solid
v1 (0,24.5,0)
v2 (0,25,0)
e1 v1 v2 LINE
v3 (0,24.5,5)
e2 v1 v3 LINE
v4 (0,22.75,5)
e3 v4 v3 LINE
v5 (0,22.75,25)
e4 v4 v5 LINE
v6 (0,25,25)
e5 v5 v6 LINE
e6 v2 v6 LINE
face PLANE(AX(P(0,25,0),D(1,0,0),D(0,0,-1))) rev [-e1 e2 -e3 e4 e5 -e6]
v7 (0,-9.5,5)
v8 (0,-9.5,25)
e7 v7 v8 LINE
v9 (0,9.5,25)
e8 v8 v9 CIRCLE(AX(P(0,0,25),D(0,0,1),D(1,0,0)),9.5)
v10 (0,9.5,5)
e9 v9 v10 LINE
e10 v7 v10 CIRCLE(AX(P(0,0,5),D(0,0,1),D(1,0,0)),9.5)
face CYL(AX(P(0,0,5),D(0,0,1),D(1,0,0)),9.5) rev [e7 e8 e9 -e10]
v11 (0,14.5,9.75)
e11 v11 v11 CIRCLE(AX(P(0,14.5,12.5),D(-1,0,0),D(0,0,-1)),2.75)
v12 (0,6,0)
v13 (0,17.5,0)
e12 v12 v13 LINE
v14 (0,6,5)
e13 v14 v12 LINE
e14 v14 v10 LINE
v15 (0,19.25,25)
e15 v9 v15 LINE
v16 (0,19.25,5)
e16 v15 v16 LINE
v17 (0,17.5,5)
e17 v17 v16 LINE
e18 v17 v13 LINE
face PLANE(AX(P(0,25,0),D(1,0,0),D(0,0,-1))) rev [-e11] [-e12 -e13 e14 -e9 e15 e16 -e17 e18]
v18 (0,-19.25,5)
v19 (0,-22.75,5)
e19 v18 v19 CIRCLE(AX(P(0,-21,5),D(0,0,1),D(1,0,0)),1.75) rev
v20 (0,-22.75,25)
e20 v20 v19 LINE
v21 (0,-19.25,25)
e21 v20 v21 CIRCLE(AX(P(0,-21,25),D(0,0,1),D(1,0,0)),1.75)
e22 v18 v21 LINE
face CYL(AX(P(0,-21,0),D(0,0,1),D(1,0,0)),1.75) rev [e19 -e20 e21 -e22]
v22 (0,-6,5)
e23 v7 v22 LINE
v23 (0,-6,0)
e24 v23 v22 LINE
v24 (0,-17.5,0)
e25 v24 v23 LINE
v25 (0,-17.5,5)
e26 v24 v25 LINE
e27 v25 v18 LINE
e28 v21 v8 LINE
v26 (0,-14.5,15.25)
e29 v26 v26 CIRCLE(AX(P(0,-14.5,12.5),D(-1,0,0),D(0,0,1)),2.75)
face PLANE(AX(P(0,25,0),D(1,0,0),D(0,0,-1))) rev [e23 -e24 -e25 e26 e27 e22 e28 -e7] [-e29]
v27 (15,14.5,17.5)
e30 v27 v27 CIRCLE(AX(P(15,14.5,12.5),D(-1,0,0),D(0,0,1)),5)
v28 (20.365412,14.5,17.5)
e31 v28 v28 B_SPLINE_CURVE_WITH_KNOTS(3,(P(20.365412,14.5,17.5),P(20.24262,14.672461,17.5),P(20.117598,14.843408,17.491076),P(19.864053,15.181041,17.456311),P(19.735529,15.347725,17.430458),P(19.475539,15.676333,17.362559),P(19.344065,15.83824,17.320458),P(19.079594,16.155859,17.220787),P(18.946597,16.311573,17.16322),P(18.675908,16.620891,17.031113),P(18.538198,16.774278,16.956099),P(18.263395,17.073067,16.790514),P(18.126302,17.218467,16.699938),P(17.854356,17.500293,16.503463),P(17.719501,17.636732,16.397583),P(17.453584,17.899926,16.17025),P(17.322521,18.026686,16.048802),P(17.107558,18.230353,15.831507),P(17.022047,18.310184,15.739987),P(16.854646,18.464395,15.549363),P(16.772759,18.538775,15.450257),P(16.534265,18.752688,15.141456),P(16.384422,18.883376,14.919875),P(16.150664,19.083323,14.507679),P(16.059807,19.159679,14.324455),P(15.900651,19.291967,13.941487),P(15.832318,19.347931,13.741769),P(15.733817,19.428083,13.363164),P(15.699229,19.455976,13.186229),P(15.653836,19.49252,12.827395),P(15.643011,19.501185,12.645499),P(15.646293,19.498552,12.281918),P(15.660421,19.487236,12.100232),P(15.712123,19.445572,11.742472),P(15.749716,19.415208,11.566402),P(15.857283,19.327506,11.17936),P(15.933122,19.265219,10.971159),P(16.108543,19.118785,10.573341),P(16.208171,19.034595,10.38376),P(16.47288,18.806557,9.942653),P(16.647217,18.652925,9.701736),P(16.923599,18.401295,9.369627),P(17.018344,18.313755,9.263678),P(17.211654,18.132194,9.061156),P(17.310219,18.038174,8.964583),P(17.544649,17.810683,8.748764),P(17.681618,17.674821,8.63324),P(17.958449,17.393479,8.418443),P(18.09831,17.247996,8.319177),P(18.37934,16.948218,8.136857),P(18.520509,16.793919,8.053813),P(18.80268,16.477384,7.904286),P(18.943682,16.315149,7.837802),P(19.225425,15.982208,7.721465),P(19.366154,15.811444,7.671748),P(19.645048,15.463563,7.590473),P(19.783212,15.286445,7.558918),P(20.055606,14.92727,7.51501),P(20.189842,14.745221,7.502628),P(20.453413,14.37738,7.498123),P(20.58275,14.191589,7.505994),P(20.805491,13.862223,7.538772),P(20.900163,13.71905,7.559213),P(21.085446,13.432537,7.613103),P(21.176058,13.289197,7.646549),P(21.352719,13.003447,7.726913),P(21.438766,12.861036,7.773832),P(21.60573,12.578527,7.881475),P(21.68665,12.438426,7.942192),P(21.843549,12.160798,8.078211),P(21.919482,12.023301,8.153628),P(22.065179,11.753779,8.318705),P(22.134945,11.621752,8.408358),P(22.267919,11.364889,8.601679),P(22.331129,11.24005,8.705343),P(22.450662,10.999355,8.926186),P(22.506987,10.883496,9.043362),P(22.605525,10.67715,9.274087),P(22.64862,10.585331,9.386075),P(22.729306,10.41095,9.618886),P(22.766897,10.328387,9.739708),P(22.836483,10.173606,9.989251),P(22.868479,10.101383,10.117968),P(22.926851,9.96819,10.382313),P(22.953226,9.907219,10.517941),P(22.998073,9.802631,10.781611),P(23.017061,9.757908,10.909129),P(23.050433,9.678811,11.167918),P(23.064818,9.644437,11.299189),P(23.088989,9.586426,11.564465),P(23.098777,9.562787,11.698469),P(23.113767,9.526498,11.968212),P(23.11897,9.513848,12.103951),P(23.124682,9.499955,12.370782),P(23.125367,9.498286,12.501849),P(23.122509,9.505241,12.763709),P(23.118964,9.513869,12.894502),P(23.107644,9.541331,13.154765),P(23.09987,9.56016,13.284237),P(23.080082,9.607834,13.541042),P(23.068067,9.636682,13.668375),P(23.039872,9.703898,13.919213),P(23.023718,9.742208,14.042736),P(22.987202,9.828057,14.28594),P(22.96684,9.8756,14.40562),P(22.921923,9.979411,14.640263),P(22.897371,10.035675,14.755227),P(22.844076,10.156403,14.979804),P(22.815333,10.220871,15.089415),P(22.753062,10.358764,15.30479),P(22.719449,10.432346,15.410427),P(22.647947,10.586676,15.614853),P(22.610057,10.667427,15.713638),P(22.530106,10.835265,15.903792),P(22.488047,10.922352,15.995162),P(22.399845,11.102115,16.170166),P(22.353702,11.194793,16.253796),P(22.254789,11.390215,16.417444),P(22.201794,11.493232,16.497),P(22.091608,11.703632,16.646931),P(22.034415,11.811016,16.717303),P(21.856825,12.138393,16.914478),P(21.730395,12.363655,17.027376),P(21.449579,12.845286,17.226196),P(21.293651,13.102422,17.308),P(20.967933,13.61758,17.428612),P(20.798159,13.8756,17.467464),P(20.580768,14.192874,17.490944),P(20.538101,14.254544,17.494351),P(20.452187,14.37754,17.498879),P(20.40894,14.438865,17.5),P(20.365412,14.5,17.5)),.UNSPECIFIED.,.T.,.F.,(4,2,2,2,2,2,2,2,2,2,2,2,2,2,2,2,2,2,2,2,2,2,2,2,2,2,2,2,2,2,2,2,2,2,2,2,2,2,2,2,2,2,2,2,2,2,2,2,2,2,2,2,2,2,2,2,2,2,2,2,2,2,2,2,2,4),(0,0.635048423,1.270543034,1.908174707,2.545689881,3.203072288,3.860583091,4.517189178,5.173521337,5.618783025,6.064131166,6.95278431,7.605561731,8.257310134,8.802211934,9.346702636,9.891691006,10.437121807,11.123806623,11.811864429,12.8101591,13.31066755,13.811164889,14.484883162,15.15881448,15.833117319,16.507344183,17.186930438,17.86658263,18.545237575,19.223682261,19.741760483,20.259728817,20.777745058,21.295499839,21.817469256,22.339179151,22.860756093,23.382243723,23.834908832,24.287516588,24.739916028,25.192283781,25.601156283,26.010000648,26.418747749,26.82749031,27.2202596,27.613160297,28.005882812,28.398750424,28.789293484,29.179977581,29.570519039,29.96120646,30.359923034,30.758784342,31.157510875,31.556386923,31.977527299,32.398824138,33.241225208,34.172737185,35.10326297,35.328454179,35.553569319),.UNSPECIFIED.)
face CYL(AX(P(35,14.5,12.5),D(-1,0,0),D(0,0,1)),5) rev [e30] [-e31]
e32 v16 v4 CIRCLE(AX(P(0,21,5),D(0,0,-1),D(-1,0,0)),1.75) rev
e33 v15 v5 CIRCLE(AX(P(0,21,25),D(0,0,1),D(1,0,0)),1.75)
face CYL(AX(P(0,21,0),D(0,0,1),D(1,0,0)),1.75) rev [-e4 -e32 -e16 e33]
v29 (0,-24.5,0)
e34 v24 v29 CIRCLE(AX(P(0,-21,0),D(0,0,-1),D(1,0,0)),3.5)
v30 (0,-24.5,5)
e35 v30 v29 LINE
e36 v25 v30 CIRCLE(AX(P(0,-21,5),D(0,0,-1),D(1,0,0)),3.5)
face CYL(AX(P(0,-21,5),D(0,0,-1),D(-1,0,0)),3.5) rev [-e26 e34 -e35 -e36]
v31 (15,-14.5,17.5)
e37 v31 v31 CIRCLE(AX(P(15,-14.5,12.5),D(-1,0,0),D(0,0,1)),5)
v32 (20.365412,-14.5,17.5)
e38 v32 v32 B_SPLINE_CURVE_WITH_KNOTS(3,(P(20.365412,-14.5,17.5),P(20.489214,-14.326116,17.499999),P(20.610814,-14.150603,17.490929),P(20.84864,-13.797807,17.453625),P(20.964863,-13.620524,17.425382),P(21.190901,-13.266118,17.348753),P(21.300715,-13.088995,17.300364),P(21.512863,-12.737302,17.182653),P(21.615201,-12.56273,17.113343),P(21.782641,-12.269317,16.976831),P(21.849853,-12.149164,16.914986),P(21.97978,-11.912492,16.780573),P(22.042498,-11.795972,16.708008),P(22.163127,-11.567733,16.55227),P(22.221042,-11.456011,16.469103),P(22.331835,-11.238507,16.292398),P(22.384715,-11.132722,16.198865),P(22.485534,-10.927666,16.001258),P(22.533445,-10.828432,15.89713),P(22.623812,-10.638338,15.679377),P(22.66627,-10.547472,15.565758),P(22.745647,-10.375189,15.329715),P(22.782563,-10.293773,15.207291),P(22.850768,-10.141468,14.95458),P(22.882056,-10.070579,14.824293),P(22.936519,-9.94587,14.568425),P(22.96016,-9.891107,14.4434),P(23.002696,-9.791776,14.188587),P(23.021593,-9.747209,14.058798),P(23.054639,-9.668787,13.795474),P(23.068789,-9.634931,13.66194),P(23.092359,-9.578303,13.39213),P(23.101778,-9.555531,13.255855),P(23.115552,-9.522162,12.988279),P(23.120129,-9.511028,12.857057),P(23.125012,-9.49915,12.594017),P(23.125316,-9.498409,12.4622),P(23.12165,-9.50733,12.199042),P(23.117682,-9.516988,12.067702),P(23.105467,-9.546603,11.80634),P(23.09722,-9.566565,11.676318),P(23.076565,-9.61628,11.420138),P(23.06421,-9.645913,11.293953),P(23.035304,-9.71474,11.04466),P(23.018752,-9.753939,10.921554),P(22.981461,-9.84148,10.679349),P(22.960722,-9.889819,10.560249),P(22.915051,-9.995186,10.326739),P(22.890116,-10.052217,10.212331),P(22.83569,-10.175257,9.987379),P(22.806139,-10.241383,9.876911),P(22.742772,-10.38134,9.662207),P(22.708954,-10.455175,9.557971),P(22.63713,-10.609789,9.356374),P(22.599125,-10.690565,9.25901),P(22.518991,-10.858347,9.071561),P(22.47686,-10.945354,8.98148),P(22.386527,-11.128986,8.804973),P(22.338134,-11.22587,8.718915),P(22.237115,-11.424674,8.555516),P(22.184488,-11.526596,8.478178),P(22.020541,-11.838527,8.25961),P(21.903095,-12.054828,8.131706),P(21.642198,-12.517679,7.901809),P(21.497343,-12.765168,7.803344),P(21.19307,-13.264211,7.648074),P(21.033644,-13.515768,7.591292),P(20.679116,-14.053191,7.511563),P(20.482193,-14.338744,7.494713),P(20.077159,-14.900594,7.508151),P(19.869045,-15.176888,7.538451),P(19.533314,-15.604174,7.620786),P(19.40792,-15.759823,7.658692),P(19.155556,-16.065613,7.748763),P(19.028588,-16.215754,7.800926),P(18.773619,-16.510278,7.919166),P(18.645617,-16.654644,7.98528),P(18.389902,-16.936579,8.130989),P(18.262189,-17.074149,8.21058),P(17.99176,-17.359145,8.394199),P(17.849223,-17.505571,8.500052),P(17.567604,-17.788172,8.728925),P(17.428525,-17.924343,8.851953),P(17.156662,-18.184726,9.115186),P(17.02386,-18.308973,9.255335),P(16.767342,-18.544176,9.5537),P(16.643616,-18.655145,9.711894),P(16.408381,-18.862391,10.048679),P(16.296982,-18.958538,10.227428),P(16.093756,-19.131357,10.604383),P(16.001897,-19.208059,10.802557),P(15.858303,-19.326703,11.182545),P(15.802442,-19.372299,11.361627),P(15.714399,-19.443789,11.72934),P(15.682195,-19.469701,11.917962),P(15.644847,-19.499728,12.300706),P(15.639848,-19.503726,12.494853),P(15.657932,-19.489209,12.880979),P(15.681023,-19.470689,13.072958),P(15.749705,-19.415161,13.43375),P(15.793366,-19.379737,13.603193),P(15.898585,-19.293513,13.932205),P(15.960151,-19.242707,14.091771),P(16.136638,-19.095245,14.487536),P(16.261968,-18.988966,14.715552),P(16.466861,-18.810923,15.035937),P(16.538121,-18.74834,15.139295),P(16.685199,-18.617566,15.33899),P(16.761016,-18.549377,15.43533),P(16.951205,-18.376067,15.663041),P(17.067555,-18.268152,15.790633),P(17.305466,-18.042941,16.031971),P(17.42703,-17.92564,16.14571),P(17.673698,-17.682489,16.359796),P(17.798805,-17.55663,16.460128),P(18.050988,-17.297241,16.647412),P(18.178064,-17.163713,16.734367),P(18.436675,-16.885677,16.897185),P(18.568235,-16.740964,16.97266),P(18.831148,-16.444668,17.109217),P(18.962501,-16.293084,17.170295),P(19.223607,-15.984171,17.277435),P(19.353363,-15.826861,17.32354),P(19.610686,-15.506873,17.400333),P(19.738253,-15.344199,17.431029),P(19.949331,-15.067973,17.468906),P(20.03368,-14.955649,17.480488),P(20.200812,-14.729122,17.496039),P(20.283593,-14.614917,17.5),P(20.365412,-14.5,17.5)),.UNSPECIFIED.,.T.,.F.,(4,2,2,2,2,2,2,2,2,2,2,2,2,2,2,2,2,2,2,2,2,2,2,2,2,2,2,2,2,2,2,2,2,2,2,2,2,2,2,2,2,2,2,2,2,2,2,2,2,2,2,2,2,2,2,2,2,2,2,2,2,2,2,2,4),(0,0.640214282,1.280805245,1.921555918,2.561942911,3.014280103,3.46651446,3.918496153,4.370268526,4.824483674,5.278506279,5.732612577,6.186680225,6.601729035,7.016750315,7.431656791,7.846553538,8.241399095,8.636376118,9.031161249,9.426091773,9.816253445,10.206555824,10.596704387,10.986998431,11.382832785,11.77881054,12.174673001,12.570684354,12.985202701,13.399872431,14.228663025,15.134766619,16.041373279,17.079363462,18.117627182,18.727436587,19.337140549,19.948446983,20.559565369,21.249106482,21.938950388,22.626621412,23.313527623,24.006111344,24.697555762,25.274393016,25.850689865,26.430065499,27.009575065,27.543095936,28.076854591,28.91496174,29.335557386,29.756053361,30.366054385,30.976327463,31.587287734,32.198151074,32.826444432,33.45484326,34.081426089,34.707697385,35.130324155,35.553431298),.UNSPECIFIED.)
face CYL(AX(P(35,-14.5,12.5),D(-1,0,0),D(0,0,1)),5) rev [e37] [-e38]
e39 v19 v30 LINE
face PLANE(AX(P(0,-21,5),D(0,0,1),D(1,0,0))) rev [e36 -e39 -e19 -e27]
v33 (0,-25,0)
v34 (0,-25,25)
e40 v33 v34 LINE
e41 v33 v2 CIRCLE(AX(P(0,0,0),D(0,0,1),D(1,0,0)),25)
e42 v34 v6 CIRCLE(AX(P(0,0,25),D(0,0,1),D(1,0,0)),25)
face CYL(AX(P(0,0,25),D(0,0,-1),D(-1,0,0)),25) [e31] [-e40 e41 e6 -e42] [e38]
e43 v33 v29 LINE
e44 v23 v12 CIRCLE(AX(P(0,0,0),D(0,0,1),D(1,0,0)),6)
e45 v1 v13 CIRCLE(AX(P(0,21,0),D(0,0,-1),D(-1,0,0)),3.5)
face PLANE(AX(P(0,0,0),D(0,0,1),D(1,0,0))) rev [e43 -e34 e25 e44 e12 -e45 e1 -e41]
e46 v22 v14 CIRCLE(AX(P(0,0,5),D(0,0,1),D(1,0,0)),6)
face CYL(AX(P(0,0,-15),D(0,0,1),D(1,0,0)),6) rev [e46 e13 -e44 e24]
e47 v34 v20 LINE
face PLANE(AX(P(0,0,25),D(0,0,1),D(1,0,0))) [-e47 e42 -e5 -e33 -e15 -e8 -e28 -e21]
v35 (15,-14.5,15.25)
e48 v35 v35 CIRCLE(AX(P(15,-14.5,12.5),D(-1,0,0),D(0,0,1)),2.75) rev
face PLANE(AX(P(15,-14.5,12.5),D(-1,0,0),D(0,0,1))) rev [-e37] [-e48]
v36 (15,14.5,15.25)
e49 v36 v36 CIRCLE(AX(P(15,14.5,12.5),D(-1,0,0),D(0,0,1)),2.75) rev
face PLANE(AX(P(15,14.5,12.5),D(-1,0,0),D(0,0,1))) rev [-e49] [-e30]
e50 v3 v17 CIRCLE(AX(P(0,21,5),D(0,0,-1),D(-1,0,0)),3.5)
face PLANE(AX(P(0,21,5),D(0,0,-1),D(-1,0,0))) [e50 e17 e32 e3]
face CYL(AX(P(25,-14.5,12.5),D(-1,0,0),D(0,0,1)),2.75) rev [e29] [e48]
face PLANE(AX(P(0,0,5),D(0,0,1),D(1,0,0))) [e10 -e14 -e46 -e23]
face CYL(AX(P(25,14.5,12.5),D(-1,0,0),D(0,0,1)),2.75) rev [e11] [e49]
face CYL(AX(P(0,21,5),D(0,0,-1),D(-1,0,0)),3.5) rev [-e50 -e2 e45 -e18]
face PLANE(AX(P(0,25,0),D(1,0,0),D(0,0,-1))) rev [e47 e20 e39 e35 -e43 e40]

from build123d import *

# Parameters (mm, degrees)
SKETCH1_R           = 25
BOSS_EXTRUDE1_DEPTH = 25
SKETCH2_R           = 9.5
CUT_EXTRUDE1_DEPTH  = 20
SKETCH3_R           = 6
CUT_EXTRUDE2_DEPTH  = 20
SKETCH4_W           = 31.902567833
SKETCH4_H           = 50
CUT_EXTRUDE3_DEPTH  = 26
SKETCH5_R           = 2.75
CUT_EXTRUDE4_DEPTH  = 26
CUT_EXTRUDE5_START  = -15
SKETCH6_R           = 5
CUT_EXTRUDE5_DEPTH  = 20
SKETCH7_R           = 1.75
CUT_EXTRUDE6_DEPTH  = 26.0000001
SKETCH8_R           = 3.5
CUT_EXTRUDE7_DEPTH  = 5


with BuildPart() as part:
    # Sketch1 → Boss-Extrude1 (new body)
    with BuildSketch(Plane.XY):
        Circle(SKETCH1_R)
    extrude(amount=BOSS_EXTRUDE1_DEPTH)

    # Sketch2 → Cut-Extrude1 (cut)
    with BuildSketch(Plane.XY.offset(25)):
        Circle(SKETCH2_R)
    extrude(amount=-CUT_EXTRUDE1_DEPTH, mode=Mode.SUBTRACT)

    # Sketch3 → Cut-Extrude2 (cut)
    with BuildSketch(Plane.XY.offset(5)):
        Circle(SKETCH3_R)
    extrude(amount=-CUT_EXTRUDE2_DEPTH, mode=Mode.SUBTRACT)

    # Sketch4 → Cut-Extrude3 (cut, through all)
    with BuildSketch(Plane.XY.offset(25)):
        with Locations((-15.951283917, 0)):
            Rectangle(SKETCH4_W, SKETCH4_H)
    extrude(amount=-CUT_EXTRUDE3_DEPTH, mode=Mode.SUBTRACT)

    # Sketch5 → Cut-Extrude4 (cut, through all)
    with BuildSketch(Plane.ZY):
        with Locations((12.5, -14.5)):
            Circle(SKETCH5_R)
        with Locations((12.5, 14.5)):
            Circle(SKETCH5_R)
    extrude(amount=-CUT_EXTRUDE4_DEPTH, mode=Mode.SUBTRACT)

    # Sketch6 → Cut-Extrude5 (cut)
    with BuildSketch(Plane.ZY.offset(CUT_EXTRUDE5_START)):
        with Locations((12.5, 14.5)):
            Circle(SKETCH6_R)
        with Locations((12.5, -14.5)):
            Circle(SKETCH6_R)
    extrude(amount=-CUT_EXTRUDE5_DEPTH, mode=Mode.SUBTRACT)

    # Sketch7 → Cut-Extrude6 (cut, through all)
    with BuildSketch(Plane.XY.offset(25)):
        with Locations((0, 21)):
            Circle(SKETCH7_R)
        with Locations((0, -21)):
            Circle(SKETCH7_R)
    extrude(amount=-CUT_EXTRUDE6_DEPTH, mode=Mode.SUBTRACT)

    # Sketch8 → Cut-Extrude7 (cut)
    with BuildSketch(Plane(origin=(0, 0, 0), x_dir=(-1, 0, 0), z_dir=(0, 0, -1))):
        with Locations((0, 21)):
            Circle(SKETCH8_R)
        with Locations((0, -21)):
            Circle(SKETCH8_R)
    extrude(amount=-CUT_EXTRUDE7_DEPTH, mode=Mode.SUBTRACT)


solid = part.part
